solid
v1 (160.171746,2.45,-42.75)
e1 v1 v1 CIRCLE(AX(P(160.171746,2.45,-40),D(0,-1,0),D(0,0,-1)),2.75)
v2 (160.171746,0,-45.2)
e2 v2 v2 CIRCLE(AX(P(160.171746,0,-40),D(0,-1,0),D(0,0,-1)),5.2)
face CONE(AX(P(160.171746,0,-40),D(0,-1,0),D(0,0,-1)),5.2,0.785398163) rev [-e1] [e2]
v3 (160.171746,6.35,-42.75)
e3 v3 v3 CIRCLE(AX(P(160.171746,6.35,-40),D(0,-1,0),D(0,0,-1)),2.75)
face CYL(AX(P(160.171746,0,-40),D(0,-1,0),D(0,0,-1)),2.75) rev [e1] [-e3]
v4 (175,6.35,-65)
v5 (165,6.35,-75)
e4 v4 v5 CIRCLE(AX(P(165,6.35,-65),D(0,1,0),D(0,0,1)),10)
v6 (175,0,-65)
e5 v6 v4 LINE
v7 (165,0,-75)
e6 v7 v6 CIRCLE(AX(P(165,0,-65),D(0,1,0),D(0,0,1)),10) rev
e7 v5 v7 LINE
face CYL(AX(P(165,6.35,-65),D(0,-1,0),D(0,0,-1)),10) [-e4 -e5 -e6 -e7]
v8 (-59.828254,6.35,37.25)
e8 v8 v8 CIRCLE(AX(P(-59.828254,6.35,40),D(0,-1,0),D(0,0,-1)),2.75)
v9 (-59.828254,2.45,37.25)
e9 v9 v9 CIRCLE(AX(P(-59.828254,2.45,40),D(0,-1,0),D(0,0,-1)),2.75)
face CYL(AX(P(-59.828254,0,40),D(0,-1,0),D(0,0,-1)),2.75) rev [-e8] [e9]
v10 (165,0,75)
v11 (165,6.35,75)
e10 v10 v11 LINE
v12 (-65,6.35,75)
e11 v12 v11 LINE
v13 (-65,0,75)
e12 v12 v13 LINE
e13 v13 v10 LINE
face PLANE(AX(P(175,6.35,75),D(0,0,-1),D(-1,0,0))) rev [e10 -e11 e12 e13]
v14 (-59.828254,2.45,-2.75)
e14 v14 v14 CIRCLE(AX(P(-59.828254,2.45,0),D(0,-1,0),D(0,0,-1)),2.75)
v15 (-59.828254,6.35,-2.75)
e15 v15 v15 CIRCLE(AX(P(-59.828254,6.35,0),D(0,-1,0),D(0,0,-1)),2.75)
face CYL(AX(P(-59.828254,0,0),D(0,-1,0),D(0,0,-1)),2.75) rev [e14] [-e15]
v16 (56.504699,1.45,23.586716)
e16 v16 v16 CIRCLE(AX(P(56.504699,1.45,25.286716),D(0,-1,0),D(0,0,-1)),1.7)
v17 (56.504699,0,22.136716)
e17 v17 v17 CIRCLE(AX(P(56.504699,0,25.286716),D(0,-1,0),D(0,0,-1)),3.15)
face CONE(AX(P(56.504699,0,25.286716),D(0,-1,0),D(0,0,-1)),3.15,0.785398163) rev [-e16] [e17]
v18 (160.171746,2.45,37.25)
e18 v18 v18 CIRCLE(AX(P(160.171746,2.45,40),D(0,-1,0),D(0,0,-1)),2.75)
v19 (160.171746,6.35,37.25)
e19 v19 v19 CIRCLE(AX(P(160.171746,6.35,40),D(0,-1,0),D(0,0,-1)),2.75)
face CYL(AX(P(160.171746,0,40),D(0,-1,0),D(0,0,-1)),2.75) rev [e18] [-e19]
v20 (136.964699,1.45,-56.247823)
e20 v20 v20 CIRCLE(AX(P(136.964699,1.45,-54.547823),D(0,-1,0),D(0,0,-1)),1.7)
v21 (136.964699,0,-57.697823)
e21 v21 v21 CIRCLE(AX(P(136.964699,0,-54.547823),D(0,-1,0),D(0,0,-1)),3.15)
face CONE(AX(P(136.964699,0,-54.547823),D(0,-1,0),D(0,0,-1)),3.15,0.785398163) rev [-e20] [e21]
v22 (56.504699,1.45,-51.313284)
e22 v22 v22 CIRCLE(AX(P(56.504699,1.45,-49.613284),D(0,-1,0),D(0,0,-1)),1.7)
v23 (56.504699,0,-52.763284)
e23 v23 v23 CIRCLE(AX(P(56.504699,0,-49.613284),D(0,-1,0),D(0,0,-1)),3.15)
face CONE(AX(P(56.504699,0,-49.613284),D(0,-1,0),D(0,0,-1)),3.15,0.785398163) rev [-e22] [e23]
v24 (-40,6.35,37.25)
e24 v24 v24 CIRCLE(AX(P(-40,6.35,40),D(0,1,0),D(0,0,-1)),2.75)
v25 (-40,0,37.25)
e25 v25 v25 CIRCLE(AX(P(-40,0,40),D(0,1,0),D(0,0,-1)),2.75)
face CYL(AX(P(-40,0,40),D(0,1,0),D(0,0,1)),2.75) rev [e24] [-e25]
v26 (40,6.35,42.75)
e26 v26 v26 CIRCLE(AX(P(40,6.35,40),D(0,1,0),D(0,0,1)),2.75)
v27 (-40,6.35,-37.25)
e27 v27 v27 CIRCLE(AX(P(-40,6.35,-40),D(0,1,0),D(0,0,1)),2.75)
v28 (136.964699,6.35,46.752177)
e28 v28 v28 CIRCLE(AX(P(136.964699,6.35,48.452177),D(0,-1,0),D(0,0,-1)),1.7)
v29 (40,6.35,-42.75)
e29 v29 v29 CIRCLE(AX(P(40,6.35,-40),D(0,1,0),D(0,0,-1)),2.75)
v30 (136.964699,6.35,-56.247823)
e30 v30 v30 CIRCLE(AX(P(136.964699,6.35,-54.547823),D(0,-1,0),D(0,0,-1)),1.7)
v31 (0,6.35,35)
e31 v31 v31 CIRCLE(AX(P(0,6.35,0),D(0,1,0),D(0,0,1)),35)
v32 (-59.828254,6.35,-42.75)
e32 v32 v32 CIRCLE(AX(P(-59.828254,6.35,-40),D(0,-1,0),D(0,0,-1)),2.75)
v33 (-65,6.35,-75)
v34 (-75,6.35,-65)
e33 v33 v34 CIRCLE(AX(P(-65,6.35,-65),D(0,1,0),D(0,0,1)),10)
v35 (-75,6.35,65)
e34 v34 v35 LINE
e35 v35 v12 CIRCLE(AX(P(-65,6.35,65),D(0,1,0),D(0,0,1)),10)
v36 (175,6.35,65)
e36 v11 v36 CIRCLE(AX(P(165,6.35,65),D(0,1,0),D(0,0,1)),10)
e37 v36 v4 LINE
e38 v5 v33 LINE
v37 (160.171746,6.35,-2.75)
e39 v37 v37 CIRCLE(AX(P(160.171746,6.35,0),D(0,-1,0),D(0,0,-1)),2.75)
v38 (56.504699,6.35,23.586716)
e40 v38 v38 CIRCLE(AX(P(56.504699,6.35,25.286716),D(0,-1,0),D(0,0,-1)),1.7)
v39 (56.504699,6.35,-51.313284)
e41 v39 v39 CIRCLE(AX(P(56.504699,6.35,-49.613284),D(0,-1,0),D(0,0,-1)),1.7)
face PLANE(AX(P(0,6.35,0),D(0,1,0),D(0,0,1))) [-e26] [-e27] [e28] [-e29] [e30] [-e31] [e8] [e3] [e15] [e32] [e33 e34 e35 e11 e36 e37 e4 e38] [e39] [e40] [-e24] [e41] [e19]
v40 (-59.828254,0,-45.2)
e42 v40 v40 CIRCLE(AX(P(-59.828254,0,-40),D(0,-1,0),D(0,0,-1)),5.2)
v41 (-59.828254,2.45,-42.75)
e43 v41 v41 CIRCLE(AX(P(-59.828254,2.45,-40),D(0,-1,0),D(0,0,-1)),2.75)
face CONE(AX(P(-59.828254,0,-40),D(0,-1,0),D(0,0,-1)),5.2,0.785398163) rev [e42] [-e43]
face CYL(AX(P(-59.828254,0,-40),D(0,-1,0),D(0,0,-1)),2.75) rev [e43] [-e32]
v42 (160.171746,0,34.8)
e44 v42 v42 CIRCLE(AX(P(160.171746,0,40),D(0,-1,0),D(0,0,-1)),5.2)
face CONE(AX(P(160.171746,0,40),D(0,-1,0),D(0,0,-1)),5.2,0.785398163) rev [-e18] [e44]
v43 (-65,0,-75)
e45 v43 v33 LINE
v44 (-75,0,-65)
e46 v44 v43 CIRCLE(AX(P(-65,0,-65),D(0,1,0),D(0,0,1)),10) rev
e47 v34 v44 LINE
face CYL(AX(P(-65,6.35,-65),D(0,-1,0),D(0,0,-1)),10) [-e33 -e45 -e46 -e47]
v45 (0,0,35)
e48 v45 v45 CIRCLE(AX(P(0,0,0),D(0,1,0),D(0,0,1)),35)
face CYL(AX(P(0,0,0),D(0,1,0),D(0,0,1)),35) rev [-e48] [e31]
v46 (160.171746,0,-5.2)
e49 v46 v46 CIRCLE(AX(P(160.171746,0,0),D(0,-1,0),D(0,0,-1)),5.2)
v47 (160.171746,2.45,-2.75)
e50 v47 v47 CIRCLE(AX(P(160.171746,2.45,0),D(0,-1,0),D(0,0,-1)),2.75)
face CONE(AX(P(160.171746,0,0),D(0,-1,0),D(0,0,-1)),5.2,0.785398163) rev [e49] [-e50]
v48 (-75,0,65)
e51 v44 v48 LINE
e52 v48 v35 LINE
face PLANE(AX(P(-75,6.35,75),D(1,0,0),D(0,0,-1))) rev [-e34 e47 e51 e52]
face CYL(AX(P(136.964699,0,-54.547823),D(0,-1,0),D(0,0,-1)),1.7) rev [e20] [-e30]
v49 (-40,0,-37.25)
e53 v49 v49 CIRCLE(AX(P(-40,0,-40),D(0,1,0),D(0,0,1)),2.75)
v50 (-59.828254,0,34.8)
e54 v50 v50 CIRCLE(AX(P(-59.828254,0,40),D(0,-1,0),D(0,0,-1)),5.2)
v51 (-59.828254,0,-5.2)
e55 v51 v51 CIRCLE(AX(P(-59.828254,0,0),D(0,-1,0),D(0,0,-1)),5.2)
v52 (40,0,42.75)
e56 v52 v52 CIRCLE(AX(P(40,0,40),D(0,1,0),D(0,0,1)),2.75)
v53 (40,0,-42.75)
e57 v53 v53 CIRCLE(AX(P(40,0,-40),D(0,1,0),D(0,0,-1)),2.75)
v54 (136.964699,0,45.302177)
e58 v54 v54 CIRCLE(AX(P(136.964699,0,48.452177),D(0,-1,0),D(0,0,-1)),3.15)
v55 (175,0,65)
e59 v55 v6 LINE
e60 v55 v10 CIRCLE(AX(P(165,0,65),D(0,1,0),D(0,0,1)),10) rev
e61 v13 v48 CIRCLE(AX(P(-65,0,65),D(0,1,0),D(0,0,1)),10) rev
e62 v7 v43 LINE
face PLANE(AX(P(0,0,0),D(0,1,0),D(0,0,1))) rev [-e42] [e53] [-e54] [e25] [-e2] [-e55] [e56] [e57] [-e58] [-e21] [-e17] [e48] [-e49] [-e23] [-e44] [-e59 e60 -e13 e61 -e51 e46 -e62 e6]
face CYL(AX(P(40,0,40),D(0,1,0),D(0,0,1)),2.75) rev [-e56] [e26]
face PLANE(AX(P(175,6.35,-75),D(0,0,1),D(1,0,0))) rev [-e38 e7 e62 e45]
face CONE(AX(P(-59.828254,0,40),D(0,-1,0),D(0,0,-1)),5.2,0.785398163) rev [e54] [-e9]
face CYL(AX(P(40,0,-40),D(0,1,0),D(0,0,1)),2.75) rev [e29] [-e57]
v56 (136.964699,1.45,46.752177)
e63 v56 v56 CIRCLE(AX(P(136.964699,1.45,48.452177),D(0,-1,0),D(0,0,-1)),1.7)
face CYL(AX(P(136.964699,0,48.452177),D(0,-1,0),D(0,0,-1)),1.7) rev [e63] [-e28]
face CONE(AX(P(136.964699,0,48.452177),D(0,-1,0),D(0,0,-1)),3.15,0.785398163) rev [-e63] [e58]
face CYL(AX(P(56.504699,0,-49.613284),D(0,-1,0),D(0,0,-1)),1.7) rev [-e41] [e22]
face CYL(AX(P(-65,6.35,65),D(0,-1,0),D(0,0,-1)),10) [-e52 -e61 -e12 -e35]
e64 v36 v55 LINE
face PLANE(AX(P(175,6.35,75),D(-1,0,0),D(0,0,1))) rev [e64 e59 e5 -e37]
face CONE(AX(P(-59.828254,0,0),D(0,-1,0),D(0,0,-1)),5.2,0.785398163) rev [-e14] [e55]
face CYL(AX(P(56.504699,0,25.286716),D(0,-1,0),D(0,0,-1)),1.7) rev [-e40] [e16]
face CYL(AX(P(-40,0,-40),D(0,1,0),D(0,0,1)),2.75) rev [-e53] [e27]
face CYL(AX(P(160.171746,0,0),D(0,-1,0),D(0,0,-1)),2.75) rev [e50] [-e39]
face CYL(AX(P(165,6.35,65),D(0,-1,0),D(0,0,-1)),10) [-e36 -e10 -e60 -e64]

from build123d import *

# Parameters (mm, degrees)
SKETCH1_W                                       = 250
SKETCH1_H                                       = 150
BOSS_EXTRUDE1_DEPTH                             = 6.35
SKETCH2_R                                       = 35
SKETCH2_R_2                                     = 2.75
CUT_EXTRUDE1_DEPTH                              = 7.35
FILLET1_R                                       = 10
CSK_FOR_M5_FLAT_HEAD_MACHINE_SCREW1_D           = 5.5
CSK_FOR_M5_FLAT_HEAD_MACHINE_SCREW1_CSINK_D     = 10.4
CSK_FOR_M5_FLAT_HEAD_MACHINE_SCREW1_CSINK_ANGLE = 90
CSK_FOR_M3_FLAT_HEAD_MACHINE_SCREW1_D           = 3.4
CSK_FOR_M3_FLAT_HEAD_MACHINE_SCREW1_CSINK_D     = 6.3
CSK_FOR_M3_FLAT_HEAD_MACHINE_SCREW1_CSINK_ANGLE = 90


with BuildPart() as part:
    # Sketch1 → Boss-Extrude1 (new body)
    with BuildSketch(Plane(origin=(0, 0, 0), x_dir=(1, 0, 0), z_dir=(0, 1, 0))):
        with Locations((50, 0)):
            Rectangle(SKETCH1_W, SKETCH1_H)
    extrude(amount=BOSS_EXTRUDE1_DEPTH)

    # Sketch2 → Cut-Extrude1 (cut, through all)
    with BuildSketch(Plane(origin=(0, 6.35, 0), x_dir=(1, 0, 0), z_dir=(0, 1, 0))):
        Circle(SKETCH2_R)
        with Locations((-40, 40)):
            Circle(SKETCH2_R_2)
        with Locations((40, 40)):
            Circle(SKETCH2_R_2)
        with Locations((-40, -40)):
            Circle(SKETCH2_R_2)
        with Locations((40, -40)):
            Circle(SKETCH2_R_2)
    extrude(amount=-CUT_EXTRUDE1_DEPTH, mode=Mode.SUBTRACT)

    # Fillet1
    fillet1_edges = [part.edges().sort_by_distance(p)[0] for p in [
        (-75, 3.175, -75),
        (175, 3.175, -75),
        (175, 3.175, 75),
        (-75, 3.175, 75),
    ]]
    fillet(fillet1_edges, radius=FILLET1_R)

    # CSK for M5 Flat Head Machine Screw1 (through all)
    with Locations(Plane(origin=(0, 0, 0), x_dir=(-1, 0, 0), z_dir=(0, -1, 0))):
        with Locations((59.828254494, 40), (59.828254494, 0), (59.828254494, -40), (-160.171745506, 40), (-160.171745506, 0), (-160.171745506, -40)):
            CounterSinkHole(CSK_FOR_M5_FLAT_HEAD_MACHINE_SCREW1_D / 2, CSK_FOR_M5_FLAT_HEAD_MACHINE_SCREW1_CSINK_D / 2, counter_sink_angle=CSK_FOR_M5_FLAT_HEAD_MACHINE_SCREW1_CSINK_ANGLE)

    # CSK for M3 Flat Head Machine Screw1 (through all)
    with Locations(Plane(origin=(0, 0, 0), x_dir=(-1, 0, 0), z_dir=(0, -1, 0))):
        with Locations((-136.964698881, -48.452177006), (-56.504698881, -25.286715777), (-56.504698881, 49.613284223), (-136.964698881, 54.547822994)):
            CounterSinkHole(CSK_FOR_M3_FLAT_HEAD_MACHINE_SCREW1_D / 2, CSK_FOR_M3_FLAT_HEAD_MACHINE_SCREW1_CSINK_D / 2, counter_sink_angle=CSK_FOR_M3_FLAT_HEAD_MACHINE_SCREW1_CSINK_ANGLE)


solid = part.part
